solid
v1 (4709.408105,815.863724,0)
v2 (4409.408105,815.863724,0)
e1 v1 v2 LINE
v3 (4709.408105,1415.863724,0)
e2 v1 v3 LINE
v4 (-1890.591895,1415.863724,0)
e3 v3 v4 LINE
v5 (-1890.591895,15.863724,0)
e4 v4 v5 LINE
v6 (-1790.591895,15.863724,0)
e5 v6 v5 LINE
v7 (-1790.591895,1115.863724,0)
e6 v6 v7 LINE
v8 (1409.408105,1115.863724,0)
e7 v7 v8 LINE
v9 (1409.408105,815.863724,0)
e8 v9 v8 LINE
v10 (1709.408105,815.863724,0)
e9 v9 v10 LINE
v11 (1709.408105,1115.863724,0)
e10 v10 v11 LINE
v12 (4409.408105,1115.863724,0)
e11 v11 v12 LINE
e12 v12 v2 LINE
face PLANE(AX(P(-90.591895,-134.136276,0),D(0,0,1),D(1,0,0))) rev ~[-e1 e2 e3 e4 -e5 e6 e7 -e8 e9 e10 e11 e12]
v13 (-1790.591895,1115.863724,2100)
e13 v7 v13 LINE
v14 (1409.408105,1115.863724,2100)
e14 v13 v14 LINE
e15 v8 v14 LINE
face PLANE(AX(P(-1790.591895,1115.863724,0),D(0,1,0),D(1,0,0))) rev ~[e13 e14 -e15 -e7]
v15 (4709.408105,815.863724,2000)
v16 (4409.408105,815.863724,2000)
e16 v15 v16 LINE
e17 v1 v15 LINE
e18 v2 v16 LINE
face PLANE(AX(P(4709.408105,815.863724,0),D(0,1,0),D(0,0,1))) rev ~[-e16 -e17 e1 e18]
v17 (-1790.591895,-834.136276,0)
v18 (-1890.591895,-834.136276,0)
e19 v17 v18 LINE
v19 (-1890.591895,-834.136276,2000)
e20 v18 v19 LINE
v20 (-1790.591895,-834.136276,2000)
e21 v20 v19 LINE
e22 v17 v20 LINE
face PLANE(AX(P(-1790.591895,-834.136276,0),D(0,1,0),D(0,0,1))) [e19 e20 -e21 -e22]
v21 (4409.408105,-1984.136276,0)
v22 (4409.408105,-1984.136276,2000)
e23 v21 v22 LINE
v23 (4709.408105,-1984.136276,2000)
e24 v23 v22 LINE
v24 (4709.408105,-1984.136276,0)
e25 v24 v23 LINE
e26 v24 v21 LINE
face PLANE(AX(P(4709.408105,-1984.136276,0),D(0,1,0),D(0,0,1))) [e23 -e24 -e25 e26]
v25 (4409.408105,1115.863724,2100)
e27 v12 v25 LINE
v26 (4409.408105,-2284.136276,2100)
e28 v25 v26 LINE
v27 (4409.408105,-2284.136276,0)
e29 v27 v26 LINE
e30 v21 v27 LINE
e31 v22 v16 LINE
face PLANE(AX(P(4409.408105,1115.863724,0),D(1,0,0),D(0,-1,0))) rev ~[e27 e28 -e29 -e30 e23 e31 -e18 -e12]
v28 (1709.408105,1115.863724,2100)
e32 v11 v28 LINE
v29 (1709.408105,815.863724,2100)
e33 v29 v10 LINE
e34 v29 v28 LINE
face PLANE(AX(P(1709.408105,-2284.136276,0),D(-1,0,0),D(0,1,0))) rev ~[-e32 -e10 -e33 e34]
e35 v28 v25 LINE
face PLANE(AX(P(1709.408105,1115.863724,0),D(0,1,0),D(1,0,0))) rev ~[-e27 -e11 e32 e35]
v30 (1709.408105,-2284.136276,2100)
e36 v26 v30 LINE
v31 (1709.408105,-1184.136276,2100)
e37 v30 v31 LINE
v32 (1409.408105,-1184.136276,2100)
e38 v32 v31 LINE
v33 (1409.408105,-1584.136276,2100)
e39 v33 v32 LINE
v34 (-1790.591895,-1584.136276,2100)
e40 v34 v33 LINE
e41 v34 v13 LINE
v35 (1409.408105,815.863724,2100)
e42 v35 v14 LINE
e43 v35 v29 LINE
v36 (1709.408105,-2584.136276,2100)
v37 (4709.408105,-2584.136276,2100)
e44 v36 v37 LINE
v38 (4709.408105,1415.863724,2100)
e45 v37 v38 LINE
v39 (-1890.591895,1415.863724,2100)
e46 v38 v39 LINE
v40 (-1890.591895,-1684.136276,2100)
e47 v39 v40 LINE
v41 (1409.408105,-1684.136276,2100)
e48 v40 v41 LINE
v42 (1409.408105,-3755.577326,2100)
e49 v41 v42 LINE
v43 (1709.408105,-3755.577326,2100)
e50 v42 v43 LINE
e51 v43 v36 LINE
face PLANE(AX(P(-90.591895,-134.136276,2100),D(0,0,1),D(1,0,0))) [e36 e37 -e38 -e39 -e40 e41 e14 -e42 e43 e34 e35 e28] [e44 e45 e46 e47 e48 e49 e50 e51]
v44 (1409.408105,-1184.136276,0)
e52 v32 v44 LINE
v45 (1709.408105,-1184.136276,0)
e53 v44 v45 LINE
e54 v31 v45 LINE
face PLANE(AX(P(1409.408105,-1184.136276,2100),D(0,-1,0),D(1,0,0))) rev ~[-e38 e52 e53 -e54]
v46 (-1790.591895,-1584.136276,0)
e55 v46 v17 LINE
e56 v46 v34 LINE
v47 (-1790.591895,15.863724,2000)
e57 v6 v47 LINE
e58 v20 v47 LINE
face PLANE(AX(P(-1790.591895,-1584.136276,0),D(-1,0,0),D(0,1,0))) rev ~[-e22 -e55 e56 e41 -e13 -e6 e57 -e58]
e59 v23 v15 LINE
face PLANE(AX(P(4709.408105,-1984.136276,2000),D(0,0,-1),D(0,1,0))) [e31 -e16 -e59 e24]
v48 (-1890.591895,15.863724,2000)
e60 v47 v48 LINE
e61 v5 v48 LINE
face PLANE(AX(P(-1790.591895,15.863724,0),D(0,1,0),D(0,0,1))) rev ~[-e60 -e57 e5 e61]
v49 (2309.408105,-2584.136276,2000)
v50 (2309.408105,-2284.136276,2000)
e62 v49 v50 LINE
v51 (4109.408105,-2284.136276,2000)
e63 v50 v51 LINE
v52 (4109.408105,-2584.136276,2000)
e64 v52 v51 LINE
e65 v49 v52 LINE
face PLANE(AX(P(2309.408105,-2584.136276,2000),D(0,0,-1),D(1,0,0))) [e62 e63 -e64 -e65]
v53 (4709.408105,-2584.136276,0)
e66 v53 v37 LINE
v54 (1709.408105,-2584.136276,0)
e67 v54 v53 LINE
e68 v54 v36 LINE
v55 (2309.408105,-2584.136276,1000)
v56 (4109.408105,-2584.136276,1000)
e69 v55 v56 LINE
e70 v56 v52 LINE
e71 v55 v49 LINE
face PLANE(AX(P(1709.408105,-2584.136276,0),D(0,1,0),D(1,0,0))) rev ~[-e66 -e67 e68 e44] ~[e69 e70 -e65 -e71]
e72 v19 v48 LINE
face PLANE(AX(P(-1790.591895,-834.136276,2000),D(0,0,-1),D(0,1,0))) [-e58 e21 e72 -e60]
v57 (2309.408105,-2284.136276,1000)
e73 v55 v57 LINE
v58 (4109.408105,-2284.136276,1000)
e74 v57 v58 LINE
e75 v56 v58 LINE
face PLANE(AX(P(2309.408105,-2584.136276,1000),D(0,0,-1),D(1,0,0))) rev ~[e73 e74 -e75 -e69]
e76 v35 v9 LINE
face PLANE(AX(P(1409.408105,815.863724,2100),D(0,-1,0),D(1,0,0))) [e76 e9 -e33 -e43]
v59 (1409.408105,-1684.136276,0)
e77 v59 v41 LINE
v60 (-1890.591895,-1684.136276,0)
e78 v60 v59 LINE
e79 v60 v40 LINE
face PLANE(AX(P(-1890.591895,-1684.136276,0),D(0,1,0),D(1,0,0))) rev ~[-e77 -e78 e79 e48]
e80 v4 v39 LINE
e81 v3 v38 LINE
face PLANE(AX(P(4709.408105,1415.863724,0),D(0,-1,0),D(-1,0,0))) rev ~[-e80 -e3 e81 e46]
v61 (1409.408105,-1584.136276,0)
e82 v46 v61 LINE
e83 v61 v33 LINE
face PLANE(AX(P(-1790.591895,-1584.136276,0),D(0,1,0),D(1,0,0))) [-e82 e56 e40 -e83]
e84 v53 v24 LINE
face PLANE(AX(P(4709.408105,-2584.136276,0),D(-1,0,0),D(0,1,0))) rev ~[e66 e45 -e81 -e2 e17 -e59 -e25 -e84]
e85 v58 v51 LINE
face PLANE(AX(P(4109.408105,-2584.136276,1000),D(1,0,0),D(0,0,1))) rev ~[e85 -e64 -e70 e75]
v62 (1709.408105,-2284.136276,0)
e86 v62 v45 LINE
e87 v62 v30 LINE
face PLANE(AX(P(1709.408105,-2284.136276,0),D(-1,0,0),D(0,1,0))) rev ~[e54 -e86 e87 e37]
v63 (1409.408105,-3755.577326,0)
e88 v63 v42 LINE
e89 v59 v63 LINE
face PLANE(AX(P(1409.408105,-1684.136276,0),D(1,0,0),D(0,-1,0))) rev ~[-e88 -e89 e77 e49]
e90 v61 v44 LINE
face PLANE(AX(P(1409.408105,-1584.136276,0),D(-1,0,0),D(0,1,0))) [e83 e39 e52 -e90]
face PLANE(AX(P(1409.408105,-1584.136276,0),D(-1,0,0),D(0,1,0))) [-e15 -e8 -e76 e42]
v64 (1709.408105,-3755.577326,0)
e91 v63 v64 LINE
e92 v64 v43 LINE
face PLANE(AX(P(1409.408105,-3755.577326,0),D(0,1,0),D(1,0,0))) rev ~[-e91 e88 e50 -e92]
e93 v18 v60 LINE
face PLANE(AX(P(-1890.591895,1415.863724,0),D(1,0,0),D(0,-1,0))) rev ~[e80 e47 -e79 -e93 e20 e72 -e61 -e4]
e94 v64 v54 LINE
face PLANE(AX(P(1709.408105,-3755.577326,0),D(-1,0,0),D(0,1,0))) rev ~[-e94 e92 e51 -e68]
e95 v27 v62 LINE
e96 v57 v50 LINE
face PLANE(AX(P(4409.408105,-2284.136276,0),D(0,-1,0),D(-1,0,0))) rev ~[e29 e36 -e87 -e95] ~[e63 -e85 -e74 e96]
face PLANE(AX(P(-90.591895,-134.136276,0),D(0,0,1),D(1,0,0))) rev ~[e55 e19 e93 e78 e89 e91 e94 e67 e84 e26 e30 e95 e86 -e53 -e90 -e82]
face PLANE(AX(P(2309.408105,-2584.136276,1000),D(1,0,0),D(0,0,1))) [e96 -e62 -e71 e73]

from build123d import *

# Parameters (mm, degrees)
F0_W     = 3200
F0_H     = 2700
F1_DEPTH = 2100
F2_W     = 300
F2_H     = 2000
F3_DEPTH = 3450
F4_W     = 2800
F4_H     = 2000
F5_DEPTH = 880
F6_W     = 1800
F6_H     = 1000
F7_DEPTH = 700
F8_W     = 850
F8_H     = 2000
F9_DEPTH = 620


with BuildPart() as f1:
    # F0 (on Top) → F1 (new body)
    with BuildSketch(Plane.XY):
        Polygon((1709.408105, 1415.863724), (-1890.591895, 1415.863724), (-1890.591895, -1684.136276), (1409.408105, -1684.136276), (1709.408105, -1684.136276), (1709.408105, 1115.863724), align=None)
        with Locations((-190.591895, -234.136276)):
            Rectangle(F0_W, F0_H, mode=Mode.SUBTRACT)
        Polygon((4709.408105, 1415.863724), (1709.408105, 1415.863724), (1709.408105, 1115.863724), (4409.408105, 1115.863724), (4409.408105, -2284.136276), (1709.408105, -2284.136276), (1709.408105, -2584.136276), (4709.408105, -2584.136276), align=None)
        Polygon((1709.408105, -1684.136276), (1409.408105, -1684.136276), (1409.408105, -3755.577326), (1709.408105, -3755.577326), (1709.408105, -2584.136276), (1709.408105, -2284.136276), align=None)
    extrude(amount=F1_DEPTH)

    # F2 (on face) → F3 (cut)
    with BuildSketch(Plane.XY.offset(2100)):
        with Locations((1559.408105, -184.136276)):
            Rectangle(F2_W, F2_H)
    extrude(amount=-F3_DEPTH, mode=Mode.SUBTRACT)

    # F4 (on face) → F5 (cut)
    with BuildSketch(Plane.YZ.offset(4709.408105)):
        with Locations((-584.136276, 1000)):
            Rectangle(F4_W, F4_H)
    extrude(amount=-F5_DEPTH, mode=Mode.SUBTRACT)

    # F6 (on face) → F7 (cut)
    with BuildSketch(Plane.XZ.offset(2584.136276)):
        with Locations((3209.408105, 1500)):
            Rectangle(F6_W, F6_H)
    extrude(amount=-F7_DEPTH, mode=Mode.SUBTRACT)

    # F8 (on face) → F9 (cut)
    with BuildSketch(Plane.YZ.offset(-1790.591895)):
        with Locations((-409.136276, 1000)):
            Rectangle(F8_W, F8_H)
    extrude(amount=-F9_DEPTH, mode=Mode.SUBTRACT)


solid = f1.part
